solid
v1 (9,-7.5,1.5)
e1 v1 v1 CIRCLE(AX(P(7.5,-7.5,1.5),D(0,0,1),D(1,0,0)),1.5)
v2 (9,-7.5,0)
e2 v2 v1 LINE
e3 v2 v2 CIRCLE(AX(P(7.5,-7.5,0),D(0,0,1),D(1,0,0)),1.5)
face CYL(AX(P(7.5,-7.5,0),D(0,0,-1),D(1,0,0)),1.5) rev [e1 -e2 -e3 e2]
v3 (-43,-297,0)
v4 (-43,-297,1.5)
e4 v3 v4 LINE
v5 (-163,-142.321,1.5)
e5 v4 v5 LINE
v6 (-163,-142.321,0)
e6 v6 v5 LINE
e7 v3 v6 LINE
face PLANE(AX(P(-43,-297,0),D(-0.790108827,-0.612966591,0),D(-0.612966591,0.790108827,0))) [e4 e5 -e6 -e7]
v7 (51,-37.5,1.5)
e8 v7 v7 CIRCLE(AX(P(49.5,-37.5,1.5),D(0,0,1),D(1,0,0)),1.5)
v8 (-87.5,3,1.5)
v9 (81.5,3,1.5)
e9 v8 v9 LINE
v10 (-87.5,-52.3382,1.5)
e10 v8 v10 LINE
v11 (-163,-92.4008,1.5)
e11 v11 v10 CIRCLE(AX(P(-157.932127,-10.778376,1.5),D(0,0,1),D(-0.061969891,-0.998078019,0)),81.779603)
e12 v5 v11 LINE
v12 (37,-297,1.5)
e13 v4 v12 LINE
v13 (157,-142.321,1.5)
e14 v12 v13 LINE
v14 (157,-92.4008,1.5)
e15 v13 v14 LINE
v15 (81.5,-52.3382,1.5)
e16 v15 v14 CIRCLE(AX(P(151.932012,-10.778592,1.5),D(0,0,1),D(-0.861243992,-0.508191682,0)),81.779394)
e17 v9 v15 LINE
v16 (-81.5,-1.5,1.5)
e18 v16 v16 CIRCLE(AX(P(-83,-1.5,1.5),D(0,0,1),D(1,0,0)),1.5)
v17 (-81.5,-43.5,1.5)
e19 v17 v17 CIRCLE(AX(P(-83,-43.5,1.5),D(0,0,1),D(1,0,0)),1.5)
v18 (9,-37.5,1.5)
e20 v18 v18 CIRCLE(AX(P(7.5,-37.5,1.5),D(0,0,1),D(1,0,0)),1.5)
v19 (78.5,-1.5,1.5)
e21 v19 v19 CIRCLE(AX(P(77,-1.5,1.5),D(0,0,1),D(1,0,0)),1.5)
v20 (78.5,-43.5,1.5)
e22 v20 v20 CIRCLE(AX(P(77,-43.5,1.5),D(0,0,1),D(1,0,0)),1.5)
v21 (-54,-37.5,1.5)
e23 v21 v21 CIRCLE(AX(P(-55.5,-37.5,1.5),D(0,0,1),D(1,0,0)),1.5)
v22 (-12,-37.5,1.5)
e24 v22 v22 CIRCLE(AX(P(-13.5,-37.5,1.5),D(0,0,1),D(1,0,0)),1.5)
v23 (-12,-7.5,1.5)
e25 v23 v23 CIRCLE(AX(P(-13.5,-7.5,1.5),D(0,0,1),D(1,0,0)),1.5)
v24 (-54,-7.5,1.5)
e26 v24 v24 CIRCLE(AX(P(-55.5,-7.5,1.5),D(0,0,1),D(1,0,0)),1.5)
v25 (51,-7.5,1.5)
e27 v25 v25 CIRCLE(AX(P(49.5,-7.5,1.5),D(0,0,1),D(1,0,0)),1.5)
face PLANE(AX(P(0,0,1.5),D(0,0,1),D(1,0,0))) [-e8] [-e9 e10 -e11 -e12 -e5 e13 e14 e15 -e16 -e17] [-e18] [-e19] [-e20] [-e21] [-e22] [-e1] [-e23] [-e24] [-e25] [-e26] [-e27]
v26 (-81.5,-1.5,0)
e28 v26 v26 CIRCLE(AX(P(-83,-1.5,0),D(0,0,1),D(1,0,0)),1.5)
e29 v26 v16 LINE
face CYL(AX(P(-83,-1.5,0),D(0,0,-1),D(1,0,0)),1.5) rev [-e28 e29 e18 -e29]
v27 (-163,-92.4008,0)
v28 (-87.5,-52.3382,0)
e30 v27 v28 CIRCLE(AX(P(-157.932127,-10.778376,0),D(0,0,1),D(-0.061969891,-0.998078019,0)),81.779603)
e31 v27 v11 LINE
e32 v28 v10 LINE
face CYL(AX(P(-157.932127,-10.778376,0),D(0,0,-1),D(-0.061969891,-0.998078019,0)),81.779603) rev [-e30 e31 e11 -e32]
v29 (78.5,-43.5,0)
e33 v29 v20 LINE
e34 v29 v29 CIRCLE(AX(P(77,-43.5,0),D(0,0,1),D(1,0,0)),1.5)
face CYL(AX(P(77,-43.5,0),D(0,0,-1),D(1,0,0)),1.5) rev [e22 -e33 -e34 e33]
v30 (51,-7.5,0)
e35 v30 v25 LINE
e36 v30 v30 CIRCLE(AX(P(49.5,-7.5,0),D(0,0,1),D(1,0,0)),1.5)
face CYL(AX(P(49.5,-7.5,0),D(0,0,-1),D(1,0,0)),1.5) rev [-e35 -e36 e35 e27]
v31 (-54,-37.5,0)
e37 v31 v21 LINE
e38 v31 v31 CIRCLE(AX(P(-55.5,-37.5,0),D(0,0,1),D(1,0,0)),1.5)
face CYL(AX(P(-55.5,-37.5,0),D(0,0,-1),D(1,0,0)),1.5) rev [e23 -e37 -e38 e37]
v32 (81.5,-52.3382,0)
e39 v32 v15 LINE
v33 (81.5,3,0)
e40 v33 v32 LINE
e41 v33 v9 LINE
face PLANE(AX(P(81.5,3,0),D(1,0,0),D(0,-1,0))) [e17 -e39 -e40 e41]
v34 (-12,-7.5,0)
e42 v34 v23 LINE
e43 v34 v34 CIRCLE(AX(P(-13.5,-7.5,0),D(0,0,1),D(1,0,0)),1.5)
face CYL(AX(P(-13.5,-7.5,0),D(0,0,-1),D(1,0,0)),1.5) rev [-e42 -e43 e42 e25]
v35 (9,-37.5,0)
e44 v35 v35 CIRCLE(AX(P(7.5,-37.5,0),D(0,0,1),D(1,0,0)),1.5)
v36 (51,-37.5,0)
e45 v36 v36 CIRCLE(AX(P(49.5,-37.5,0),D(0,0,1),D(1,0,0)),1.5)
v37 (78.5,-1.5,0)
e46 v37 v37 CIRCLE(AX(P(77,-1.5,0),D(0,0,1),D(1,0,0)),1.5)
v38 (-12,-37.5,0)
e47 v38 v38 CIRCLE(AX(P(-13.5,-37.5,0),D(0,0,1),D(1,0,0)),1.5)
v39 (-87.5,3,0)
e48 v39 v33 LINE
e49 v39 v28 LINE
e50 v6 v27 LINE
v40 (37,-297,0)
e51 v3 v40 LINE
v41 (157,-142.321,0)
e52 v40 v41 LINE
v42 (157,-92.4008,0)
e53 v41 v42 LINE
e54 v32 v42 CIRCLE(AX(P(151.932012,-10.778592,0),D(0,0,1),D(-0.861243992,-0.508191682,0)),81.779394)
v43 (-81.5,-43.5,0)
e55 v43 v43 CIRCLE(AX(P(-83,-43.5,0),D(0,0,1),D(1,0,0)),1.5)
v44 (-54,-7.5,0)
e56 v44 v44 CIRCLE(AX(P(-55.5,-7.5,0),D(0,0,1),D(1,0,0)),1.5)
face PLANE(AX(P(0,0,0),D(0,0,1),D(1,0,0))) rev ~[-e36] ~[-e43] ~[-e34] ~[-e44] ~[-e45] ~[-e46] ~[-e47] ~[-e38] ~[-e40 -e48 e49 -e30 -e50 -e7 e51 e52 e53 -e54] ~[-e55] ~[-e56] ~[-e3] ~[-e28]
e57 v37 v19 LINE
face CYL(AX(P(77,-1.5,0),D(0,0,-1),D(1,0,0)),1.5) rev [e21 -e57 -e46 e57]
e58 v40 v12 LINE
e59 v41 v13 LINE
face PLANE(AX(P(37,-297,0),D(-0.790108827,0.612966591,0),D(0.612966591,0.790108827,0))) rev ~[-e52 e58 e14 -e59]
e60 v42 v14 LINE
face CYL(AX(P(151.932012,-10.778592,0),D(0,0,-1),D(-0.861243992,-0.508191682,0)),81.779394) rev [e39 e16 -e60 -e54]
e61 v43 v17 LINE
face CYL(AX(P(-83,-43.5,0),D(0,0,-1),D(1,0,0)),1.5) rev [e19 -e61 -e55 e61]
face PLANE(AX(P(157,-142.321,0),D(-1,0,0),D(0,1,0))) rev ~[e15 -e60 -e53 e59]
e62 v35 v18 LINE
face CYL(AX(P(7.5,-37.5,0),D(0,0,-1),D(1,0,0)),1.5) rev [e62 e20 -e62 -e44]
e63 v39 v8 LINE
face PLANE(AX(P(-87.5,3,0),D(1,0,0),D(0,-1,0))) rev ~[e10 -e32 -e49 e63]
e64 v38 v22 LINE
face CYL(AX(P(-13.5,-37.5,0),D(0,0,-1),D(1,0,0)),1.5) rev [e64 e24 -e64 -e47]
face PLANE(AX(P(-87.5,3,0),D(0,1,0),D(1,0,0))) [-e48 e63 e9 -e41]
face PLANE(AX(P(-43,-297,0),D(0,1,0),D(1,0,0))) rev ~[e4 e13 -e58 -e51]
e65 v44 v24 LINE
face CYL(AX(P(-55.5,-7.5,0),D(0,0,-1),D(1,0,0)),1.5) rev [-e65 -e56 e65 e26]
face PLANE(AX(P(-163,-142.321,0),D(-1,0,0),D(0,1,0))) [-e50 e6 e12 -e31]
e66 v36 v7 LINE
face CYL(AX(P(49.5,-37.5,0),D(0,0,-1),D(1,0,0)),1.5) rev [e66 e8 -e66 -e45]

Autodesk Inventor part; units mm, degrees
ref_plane "YZ Plane" through (0, 0, 0) normal (1, 0, 0) x (0, 1, 0)
ref_plane "XZ Plane" through (0, 0, 0) normal (0, 1, 0) x (-1, 0, 0)
ref_plane "XY Plane" through (0, 0, 0) normal (0, 0, 1) x (1, 0, 0)
sketch "スケッチ1" plane through (0, 0, 0) normal (0, 0, 1) x (1, 0, 0)
  line L0 (0, 0) -> (3, 0)
  line L1 (3, 0) -> (3, -15)
  line L2 (3, -15) -> (0, -15)
  line L3 (0, -15) -> (0, 0)
  line L4 (-9, 0) -> (-6, 0)
  line L5 (-6, 0) -> (-6, -15)
  line L6 (-6, -15) -> (-9, -15)
  line L7 (-9, -15) -> (-9, 0)
  line L8 (0, -30) -> (3, -30)
  line L9 (3, -30) -> (3, -45)
  line L10 (3, -45) -> (0, -45)
  line L11 (0, -45) -> (0, -30)
  line L12 (-9, -30) -> (-6, -30)
  line L13 (-6, -30) -> (-6, -45)
  line L14 (-6, -45) -> (-9, -45)
  line L15 (-9, -45) -> (-9, -30)
  line L16 (-87.5, 3) -> (81.5, 3)
  line L17 (-87.5, 3) -> (-87.5, -48)
  line L18 (-87.5, -48) -> (81.5, -48)
  line L19 (81.5, -48) -> (81.5, 3)
  circle A0 centre (-83, -1.5) radius 1.5
  circle A1 centre (77, -1.5) radius 1.5
  circle A2 centre (77, -43.5) radius 1.5
  circle A3 centre (-83, -43.5) radius 1.5
  circle A4 centre (3, -1.05) radius 1.05
  circle A5 centre (3, -13.95) radius 1.05
  circle A6 centre (0, -13.95) radius 1.05
  circle A7 centre (0, -1.05) radius 1.05
  circle A8 centre (-6, -1.05) radius 1.05
  circle A9 centre (-6, -13.95) radius 1.05
  circle A10 centre (-9, -13.95) radius 1.05
  circle A11 centre (-9, -1.05) radius 1.05
  circle A12 centre (-6, -31.05) radius 1.05
  circle A13 centre (-6, -43.95) radius 1.05
  circle A14 centre (-9, -43.95) radius 1.05
  circle A15 centre (-9, -31.05) radius 1.05
  circle A16 centre (0, -31.05) radius 1.05
  circle A17 centre (3, -31.05) radius 1.05
  circle A18 centre (3, -43.95) radius 1.05
  circle A19 centre (0, -43.95) radius 1.05
  circle A20 centre (-13.5, -7.5) radius 1.5
  circle A21 centre (7.5, -7.5) radius 1.5
  circle A22 centre (7.5, -37.5) radius 1.5
  circle A23 centre (-13.5, -37.5) radius 1.5
  line L20 (45, -30) -> (45, -45)
  line L21 (45, -45) -> (42, -45)
  circle A24 centre (42, -43.95) radius 1.05
  line L22 (42, -45) -> (42, -30)
  circle A25 centre (45, -43.95) radius 1.05
  line L23 (42, 0) -> (45, 0)
  line L24 (45, 0) -> (45, -15)
  line L25 (45, -15) -> (42, -15)
  line L26 (42, -15) -> (42, 0)
  circle A26 centre (45, -1.05) radius 1.05
  circle A27 centre (42, -1.05) radius 1.05
  circle A28 centre (42, -13.95) radius 1.05
  circle A29 centre (45, -13.95) radius 1.05
  line L27 (42, -30) -> (45, -30)
  circle A30 centre (45, -31.05) radius 1.05
  circle A31 centre (42, -31.05) radius 1.05
  circle A32 centre (49.5, -37.5) radius 1.5
  circle A33 centre (49.5, -7.5) radius 1.5
  line L28 (-51, -15) -> (-51, 0)
  line L29 (-48, -30) -> (-48, -45)
  line L30 (-51, -45) -> (-51, -30)
  line L31 (-48, 0) -> (-48, -15)
  circle A34 centre (-48, -31.05) radius 1.05
  circle A35 centre (-48, -43.95) radius 1.05
  circle A36 centre (-51, -13.95) radius 1.05
  circle A37 centre (-55.5, -7.5) radius 1.5
  circle A38 centre (-48, -1.05) radius 1.05
  circle A39 centre (-51, -1.05) radius 1.05
  circle A40 centre (-48, -13.95) radius 1.05
  line L32 (-48, -45) -> (-51, -45)
  line L33 (-51, -30) -> (-48, -30)
  line L34 (-51, 0) -> (-48, 0)
  line L35 (-48, -15) -> (-51, -15)
  circle A41 centre (-51, -43.95) radius 1.05
  circle A42 centre (-51, -31.05) radius 1.05
  circle A43 centre (-55.5, -37.5) radius 1.5
  point P0 (0, -42.9)
  point P1 (0, -32.1)
  point P2 (3, -32.1)
  point P3 (3, -42.9)
  point P4 (0, -2.1)
  point P5 (3, -2.1)
  point P6 (3, -12.9)
  point P7 (0, -12.9)
  point P8 (-9, -2.1)
  point P9 (-6, 0)
  point P10 (-6, -2.1)
  point P11 (-6, -12.9)
  point P12 (-9, -12.9)
  point P13 (-9, -32.1)
  point P14 (-6, -32.1)
  point P15 (-6, -42.9)
  point P16 (-9, -42.9)
  point P17 (-4.9275, 0)
  point P18 (1, -30)
  point P19 (-51, -32.1)
  point P20 (-48, -32.1)
  point P21 (-48, -42.9)
  point P22 (-51, -42.9)
  point P23 (42, -12.9)
  point P24 (42, -2.1)
  point P25 (45, -2.1)
  point P26 (45, -12.9)
  point P27 (42, -32.1)
  point P28 (45, -32.1)
  point P29 (45, -42.9)
  point P30 (42, -42.9)
  point P31 (-51, -12.9)
  point P32 (-51, -2.1)
  point P33 (-51, 0)
  point P34 (-48, -2.1)
  point P35 (-48, -12.9)
  dimension "d0" = 3
  dimension "d1" = 15
  dimension "d2" = 3
  dimension "d3" = 15
  dimension "d4" = 3
  dimension "d5" = 15
  dimension "d6" = 3
  dimension "d7" = 15
  dimension "d8" = 15
  dimension "d9" = 6
  dimension "d10" = 3
  dimension "d11" = 3
  dimension "d12" = 3
  dimension "d13" = 3
  dimension "d14" = 3
  dimension "d15" = 3
  dimension "d16" = 4.5
  dimension "d17" = 4.5
  dimension "d18" = 4.5
  dimension "d19" = 4.5
  dimension "d20" = 4.5
  dimension "d21" = 4.5
  dimension "d22" = 4.5
  dimension "d23" = 4.5
  dimension "d24" = 160
  dimension "d25" = 74
  dimension "d26" = 2.1
  dimension "d27" = 3
  dimension "d28" = 3
  dimension "d29" = 3
  dimension "d30" = 3
  dimension "d31" = 4.5
  dimension "d32" = 4.5
  dimension "d33" = 4.5
  dimension "d34" = 4.5
  dimension "d35" = 7.5
  dimension "d36" = 7.5
  dimension "d37" = 7.5
  dimension "d38" = 7.5
  dimension "d39" = 3
  dimension "d40" = 15
  dimension "d41" = 3
  dimension "d42" = 15
  dimension "d43" = 15
  dimension "d44" = 2.1
  dimension "d45" = 3
  dimension "d46" = 3
  dimension "d47" = 4.5
  dimension "d48" = 4.5
  dimension "d49" = 7.5
  dimension "d50" = 7.5
  dimension "d51" = 3
  dimension "d52" = 15
  dimension "d53" = 3
  dimension "d54" = 15
  dimension "d55" = 3
  dimension "d56" = 3
  dimension "d57" = 4.5
  dimension "d58" = 4.5
  dimension "d59" = 7.5
  dimension "d60" = 7.5
  dimension "d61" = 3
  dimension "d62" = 90
  dimension "d63" = 36.5
sketch "スケッチ2" plane through (0, 0, 0) normal (0, 0, 1) x (1, 0, 0)
  circle A0 centre (-83, -1.5) radius 1.5 projected
  circle A1 centre (-83, -43.5) radius 1.5 projected
  circle A2 centre (-55.5, -7.5) radius 1.5 projected
  circle A3 centre (-55.5, -37.5) radius 1.5 projected
  circle A4 centre (-13.5, -37.5) radius 1.5 projected
  circle A5 centre (-13.5, -7.5) radius 1.5 projected
  circle A6 centre (7.5, -7.5) radius 1.5 projected
  circle A7 centre (7.5, -37.5) radius 1.5 projected
  circle A8 centre (49.5, -37.5) radius 1.5 projected
  circle A9 centre (49.5, -7.5) radius 1.5 projected
  circle A10 centre (77, -1.5) radius 1.5 projected
  circle A11 centre (77, -43.5) radius 1.5 projected
  line L0 (-87.5, 3) -> (81.5, 3) projected
  line L1 (-87.5, 3) -> (-87.5, -52.3382)
  line L2 (81.5, 3) -> (81.5, -52.3382)
  line L3 (-43, -297) -> (37, -297)
  line L4 (-43, -297) -> (-163, -142.321)
  line L5 (37, -297) -> (157, -142.321)
  line L6 (157, -142.321) -> (157, -92.4008)
  line L7 (-163, -142.321) -> (-163, -92.4008)
  arc A12 (-163, -92.4008) -> (-87.5, -52.3382) centre (-157.9321, -10.7785) ccw
  arc A13 (81.5, -52.3382) -> (157, -92.4008) centre (151.9321, -10.7785) ccw
  point P0 (0, 0)
  dimension "d66" = 80
  dimension "d67" = 300
  dimension "d68" = 44.5
  dimension "d69" = 44.5
  dimension "d70" = 320
  dimension "d71" = 75.5
  dimension "d72" = 75.5
extrude "押し出し1" add sketch "スケッチ2" along normal blind 1.5
sketch "スケッチ3" plane through (0, 0, 1.5) normal (0, 0, 1) x (1, 0, 0)
  arc A0 (81.5, -62.77) -> (157, -104.1946) centre (152.6935, -22.5286) ccw projected
  line L0 (81.5, -62.77) -> (81.5, 3) projected
  line L1 (81.5, 3) -> (-87.5, 3) projected
  line L2 (-87.5, 3) -> (-87.5, -62.77) projected
  arc A1 (-163, -104.1946) -> (-87.5, -62.77) centre (-158.6935, -22.5286) ccw projected
  line L3 (-163, -104.1946) -> (-163, -142.321) projected
  line L4 (-163, -142.321) -> (-43, -297) projected
  line L5 (-43, -297) -> (37, -297) projected
  line L6 (37, -297) -> (157, -142.321) projected
  line L7 (157, -142.321) -> (157, -104.1946) projected
  circle A2 centre (77, -43.5) radius 1.5 projected
  circle A3 centre (49.5, -7.5) radius 1.5 projected
  circle A4 centre (7.5, -37.5) radius 1.5 projected
  circle A5 centre (7.5, -7.5) radius 1.5 projected
  circle A6 centre (-13.5, -7.5) radius 1.5 projected
  circle A7 centre (-13.5, -37.5) radius 1.5 projected
  circle A8 centre (-55.5, -37.5) radius 1.5 projected
  circle A9 centre (-55.5, -7.5) radius 1.5 projected
  circle A10 centre (-83, -43.5) radius 1.5 projected
  circle A11 centre (-83, -1.5) radius 1.5 projected
  circle A12 centre (49.5, -37.5) radius 1.5 projected
  circle A13 centre (77, -1.5) radius 1.5 projected
  line L8 (81.5, 3) -> (-87.5, 3) projected
  line L9 (-87.5, 3) -> (-57.4301, 94.7393)
  line L10 (-57.4301, 94.7393) -> (-30.5041, 94.7393)
  line L11 (-30.5041, 94.7393) -> (-30.5041, 42.9458)
  line L12 (-30.5041, 42.9458) -> (24.5041, 42.9458)
  line L13 (24.5041, 42.9458) -> (24.5041, 94.7393)
  line L14 (24.5041, 94.7393) -> (51.4301, 94.7393)
  line L15 (51.4301, 94.7393) -> (81.5, 3)
  point P0 (0, 0)
  dimension "d75" = 56.9959
  dimension "d76" = 56.9959
equation "\"d69\" = d68"
equation "\"d72\" = d71"
equation "\"d76\" = d75"
properties part number "シールド" material "ポリカーボネート、クリア"
